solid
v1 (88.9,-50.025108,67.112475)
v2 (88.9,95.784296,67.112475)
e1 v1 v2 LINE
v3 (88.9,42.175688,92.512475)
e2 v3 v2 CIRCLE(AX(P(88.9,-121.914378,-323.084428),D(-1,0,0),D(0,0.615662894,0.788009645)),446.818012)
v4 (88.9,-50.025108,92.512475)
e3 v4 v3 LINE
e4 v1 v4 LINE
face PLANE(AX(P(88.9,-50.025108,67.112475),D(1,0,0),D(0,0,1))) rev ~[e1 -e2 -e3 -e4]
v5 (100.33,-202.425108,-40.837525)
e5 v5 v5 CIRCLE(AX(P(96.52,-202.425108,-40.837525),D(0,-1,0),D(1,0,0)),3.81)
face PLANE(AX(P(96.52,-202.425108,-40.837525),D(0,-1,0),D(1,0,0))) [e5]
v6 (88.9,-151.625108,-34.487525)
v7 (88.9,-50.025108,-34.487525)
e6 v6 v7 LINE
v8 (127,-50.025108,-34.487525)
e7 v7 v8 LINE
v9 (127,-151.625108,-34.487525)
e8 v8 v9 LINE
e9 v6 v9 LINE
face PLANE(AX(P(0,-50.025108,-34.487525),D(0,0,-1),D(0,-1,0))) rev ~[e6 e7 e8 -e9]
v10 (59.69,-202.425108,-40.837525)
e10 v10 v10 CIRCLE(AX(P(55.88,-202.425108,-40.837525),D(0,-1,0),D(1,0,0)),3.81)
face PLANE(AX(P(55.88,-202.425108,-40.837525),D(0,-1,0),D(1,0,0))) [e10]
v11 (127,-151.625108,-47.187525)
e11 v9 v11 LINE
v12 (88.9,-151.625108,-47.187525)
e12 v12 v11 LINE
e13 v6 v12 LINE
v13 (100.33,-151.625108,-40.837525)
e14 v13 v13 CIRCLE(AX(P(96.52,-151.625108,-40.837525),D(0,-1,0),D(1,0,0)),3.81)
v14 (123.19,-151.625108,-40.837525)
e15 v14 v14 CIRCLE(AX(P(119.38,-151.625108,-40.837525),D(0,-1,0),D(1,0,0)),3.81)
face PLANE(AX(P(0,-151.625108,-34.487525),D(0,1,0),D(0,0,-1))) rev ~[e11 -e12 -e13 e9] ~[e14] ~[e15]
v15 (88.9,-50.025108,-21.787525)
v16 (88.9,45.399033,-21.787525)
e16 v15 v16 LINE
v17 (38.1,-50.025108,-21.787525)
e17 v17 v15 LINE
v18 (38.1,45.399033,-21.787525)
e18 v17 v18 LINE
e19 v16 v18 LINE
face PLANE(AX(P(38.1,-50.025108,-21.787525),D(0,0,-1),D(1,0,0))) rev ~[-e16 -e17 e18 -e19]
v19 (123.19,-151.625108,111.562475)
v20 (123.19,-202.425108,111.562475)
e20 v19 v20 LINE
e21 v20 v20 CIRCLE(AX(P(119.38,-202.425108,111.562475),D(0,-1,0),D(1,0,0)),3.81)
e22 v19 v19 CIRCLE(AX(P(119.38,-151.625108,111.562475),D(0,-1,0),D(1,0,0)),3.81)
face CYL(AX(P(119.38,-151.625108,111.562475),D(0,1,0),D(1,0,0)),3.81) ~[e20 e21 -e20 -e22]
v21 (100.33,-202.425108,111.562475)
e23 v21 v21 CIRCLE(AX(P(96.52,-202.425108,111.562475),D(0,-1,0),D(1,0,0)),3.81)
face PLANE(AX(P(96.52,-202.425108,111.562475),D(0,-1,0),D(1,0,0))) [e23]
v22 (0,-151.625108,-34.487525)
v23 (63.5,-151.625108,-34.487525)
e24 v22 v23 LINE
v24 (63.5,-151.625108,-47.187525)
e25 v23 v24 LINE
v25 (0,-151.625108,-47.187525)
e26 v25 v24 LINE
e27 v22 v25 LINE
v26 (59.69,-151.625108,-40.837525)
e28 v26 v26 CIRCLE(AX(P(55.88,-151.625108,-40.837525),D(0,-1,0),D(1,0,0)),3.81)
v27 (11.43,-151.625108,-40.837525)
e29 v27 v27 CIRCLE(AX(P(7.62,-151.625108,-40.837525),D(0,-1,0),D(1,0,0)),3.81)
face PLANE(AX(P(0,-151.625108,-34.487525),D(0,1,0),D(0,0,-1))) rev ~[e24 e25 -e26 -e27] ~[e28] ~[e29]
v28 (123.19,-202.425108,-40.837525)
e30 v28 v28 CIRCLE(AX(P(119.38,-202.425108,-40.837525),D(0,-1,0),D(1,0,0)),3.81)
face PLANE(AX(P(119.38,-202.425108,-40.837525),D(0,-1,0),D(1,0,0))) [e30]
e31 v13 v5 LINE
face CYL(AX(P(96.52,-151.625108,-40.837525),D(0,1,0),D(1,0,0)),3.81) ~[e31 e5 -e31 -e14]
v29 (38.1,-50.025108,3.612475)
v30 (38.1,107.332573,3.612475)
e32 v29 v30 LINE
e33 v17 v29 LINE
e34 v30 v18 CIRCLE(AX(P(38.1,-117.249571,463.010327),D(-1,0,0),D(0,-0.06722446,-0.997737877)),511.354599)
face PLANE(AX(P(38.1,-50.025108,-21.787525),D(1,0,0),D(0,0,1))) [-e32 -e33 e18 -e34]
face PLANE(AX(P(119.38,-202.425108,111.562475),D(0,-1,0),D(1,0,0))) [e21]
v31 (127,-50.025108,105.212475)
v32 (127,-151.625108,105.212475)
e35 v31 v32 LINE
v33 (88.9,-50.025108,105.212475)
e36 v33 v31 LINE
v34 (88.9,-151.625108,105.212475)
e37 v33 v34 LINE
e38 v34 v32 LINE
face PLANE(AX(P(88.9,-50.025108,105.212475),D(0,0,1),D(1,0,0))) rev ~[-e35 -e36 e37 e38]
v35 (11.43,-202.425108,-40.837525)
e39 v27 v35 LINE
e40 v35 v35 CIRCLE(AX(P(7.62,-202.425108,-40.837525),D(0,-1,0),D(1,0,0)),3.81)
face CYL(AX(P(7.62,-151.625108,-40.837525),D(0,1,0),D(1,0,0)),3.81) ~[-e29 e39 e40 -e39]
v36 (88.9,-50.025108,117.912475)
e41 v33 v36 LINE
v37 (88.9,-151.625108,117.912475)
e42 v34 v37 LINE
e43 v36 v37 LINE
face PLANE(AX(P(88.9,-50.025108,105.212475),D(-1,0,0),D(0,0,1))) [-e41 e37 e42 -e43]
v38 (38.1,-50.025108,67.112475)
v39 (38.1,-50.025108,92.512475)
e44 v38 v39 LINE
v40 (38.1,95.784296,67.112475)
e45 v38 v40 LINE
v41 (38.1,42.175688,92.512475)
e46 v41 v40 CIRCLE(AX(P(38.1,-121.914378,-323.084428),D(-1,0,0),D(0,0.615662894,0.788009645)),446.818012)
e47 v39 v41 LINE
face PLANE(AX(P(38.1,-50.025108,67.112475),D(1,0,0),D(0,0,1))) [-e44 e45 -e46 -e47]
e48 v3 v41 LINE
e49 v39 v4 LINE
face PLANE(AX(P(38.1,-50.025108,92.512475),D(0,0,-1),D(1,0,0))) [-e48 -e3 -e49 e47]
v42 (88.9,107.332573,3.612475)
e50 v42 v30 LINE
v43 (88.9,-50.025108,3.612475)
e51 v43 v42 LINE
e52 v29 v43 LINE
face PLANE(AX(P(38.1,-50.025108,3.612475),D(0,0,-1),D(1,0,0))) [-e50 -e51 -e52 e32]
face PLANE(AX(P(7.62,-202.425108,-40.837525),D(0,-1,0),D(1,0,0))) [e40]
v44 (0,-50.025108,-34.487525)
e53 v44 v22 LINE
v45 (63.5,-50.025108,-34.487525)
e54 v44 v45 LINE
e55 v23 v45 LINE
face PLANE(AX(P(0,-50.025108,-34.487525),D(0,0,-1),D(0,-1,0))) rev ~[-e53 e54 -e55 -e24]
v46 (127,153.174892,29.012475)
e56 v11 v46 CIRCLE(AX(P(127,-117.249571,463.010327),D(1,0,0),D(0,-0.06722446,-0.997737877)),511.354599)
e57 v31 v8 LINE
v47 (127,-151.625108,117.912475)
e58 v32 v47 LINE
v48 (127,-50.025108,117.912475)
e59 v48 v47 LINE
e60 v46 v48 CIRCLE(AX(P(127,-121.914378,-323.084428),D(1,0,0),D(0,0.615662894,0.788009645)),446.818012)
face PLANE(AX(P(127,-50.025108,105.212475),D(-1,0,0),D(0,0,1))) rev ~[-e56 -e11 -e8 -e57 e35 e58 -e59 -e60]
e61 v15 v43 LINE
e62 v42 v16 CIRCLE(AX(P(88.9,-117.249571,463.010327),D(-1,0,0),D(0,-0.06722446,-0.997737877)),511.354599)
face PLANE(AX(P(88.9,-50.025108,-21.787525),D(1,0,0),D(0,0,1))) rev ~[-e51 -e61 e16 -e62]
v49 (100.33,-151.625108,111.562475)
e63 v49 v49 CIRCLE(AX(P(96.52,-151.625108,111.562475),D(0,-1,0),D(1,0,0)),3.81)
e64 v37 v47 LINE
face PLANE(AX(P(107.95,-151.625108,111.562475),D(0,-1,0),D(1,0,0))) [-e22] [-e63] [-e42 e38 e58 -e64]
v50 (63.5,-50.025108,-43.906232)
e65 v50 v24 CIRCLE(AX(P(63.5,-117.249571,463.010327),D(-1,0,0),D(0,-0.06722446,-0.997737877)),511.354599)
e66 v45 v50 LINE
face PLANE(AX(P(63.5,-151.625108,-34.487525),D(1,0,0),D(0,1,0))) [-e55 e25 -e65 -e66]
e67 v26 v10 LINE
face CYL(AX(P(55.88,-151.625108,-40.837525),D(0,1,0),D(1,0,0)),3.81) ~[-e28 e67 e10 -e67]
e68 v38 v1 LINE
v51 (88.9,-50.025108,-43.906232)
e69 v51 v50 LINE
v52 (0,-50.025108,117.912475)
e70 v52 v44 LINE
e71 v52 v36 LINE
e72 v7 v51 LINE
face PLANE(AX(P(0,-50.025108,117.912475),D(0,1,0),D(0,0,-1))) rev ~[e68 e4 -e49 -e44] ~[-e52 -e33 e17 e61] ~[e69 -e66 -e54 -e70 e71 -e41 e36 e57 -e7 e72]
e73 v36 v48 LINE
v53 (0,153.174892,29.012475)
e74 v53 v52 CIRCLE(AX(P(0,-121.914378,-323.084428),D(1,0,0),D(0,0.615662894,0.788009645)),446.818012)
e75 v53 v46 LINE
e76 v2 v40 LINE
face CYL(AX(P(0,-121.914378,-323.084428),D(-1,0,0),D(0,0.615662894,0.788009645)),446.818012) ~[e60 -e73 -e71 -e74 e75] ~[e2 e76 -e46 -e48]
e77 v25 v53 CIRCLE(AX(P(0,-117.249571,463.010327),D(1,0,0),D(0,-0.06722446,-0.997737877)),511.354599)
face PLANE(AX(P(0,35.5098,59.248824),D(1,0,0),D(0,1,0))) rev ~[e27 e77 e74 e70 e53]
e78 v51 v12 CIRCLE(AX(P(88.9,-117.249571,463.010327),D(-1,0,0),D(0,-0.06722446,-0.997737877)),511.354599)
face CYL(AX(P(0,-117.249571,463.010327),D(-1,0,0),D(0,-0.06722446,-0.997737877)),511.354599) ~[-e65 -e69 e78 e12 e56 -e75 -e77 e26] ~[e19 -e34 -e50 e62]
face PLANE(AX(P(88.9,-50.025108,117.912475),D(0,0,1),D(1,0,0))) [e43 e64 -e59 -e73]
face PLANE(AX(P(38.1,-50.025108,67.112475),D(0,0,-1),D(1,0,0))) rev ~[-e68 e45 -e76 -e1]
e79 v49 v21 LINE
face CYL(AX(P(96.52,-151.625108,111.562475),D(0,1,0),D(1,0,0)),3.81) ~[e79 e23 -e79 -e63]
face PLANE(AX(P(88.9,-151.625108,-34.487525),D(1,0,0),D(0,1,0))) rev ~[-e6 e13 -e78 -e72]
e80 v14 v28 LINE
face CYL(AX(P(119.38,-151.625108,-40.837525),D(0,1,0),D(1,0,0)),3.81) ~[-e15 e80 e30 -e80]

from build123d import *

# Parameters (mm, degrees)
F1_DEPTH  = 127
F2_W      = 25.4
F2_H      = 101.6
F3_DEPTH  = 25.4
F4_W      = 50.8
F4_H      = 25.4
F5_DEPTH  = 203.2
F6_R      = 3.81
F7_DEPTH  = 50.8
F8_R      = 3.81
F9_DEPTH  = 50.8
F10_W     = 38.1
F10_H     = 12.7
F11_DEPTH = 101.6
F12_R     = 3.81
F13_DEPTH = 50.8


with BuildPart() as f1:
    # F0 (on Right) → F1 (new body)
    with BuildSketch(Plane.YZ):
        with BuildLine():
            Line((-50.025108, 117.912475), (-50.025108, 29.012475))
            Line((-50.025108, 29.012475), (153.174892, 29.012475))
            ThreePointArc((153.174892, 29.012475), (57.178696, 86.271171), (-50.025108, 117.912475))
        make_face()
        with BuildLine():
            Line((153.174892, 29.012475), (-50.025108, 29.012475))
            Line((-50.025108, 29.012475), (-50.025108, -34.487525))
            Line((-50.025108, -34.487525), (-151.625108, -34.487525))
            Line((-151.625108, -34.487525), (-151.625108, -47.187525))
            ThreePointArc((-151.625108, -47.187525), (6.772136, -33.076502), (153.174892, 29.012475))
        make_face()
    extrude(amount=F1_DEPTH)

    # F2 (on face) → F3 (cut)
    with BuildSketch(Plane.XY.offset(-34.487525)):
        with Locations((76.2, -100.825108)):
            Rectangle(F2_W, F2_H)
    extrude(amount=-F3_DEPTH, mode=Mode.SUBTRACT)

    # F4 (on face) → F5 (cut)
    with BuildSketch(Plane.XZ.offset(50.025108)):
        with Locations((63.5, 79.812475)):
            Rectangle(F4_W, F4_H)
        with Locations((63.5, -9.087525)):
            Rectangle(F4_W, F4_H)
    extrude(amount=-F5_DEPTH, mode=Mode.SUBTRACT)

    # F6 (on face) → F7 (join)
    with BuildSketch(Plane.XZ.offset(151.625108)):
        with Locations((96.52, -40.837525)):
            Circle(F6_R)
        with Locations((119.38, -40.837525)):
            Circle(F6_R)
    extrude(amount=F7_DEPTH)

    # F8 (on face) → F9 (join)
    with BuildSketch(Plane.XZ.offset(151.625108)):
        with Locations((7.62, -40.837525)):
            Circle(F8_R)
        with Locations((55.88, -40.837525)):
            Circle(F8_R)
    extrude(amount=F9_DEPTH)

    # F10 (on face) → F11 (join)
    with BuildSketch(Plane.XZ.offset(50.025108)):
        with Locations((107.95, 111.562475)):
            Rectangle(F10_W, F10_H)
    extrude(amount=F11_DEPTH)

    # F12 (on face) → F13 (join)
    with BuildSketch(Plane.XZ.offset(151.625108)):
        with Locations((96.52, 111.562475)):
            Circle(F12_R)
        with Locations((119.38, 111.562475)):
            Circle(F12_R)
    extrude(amount=F13_DEPTH)


solid = f1.part
